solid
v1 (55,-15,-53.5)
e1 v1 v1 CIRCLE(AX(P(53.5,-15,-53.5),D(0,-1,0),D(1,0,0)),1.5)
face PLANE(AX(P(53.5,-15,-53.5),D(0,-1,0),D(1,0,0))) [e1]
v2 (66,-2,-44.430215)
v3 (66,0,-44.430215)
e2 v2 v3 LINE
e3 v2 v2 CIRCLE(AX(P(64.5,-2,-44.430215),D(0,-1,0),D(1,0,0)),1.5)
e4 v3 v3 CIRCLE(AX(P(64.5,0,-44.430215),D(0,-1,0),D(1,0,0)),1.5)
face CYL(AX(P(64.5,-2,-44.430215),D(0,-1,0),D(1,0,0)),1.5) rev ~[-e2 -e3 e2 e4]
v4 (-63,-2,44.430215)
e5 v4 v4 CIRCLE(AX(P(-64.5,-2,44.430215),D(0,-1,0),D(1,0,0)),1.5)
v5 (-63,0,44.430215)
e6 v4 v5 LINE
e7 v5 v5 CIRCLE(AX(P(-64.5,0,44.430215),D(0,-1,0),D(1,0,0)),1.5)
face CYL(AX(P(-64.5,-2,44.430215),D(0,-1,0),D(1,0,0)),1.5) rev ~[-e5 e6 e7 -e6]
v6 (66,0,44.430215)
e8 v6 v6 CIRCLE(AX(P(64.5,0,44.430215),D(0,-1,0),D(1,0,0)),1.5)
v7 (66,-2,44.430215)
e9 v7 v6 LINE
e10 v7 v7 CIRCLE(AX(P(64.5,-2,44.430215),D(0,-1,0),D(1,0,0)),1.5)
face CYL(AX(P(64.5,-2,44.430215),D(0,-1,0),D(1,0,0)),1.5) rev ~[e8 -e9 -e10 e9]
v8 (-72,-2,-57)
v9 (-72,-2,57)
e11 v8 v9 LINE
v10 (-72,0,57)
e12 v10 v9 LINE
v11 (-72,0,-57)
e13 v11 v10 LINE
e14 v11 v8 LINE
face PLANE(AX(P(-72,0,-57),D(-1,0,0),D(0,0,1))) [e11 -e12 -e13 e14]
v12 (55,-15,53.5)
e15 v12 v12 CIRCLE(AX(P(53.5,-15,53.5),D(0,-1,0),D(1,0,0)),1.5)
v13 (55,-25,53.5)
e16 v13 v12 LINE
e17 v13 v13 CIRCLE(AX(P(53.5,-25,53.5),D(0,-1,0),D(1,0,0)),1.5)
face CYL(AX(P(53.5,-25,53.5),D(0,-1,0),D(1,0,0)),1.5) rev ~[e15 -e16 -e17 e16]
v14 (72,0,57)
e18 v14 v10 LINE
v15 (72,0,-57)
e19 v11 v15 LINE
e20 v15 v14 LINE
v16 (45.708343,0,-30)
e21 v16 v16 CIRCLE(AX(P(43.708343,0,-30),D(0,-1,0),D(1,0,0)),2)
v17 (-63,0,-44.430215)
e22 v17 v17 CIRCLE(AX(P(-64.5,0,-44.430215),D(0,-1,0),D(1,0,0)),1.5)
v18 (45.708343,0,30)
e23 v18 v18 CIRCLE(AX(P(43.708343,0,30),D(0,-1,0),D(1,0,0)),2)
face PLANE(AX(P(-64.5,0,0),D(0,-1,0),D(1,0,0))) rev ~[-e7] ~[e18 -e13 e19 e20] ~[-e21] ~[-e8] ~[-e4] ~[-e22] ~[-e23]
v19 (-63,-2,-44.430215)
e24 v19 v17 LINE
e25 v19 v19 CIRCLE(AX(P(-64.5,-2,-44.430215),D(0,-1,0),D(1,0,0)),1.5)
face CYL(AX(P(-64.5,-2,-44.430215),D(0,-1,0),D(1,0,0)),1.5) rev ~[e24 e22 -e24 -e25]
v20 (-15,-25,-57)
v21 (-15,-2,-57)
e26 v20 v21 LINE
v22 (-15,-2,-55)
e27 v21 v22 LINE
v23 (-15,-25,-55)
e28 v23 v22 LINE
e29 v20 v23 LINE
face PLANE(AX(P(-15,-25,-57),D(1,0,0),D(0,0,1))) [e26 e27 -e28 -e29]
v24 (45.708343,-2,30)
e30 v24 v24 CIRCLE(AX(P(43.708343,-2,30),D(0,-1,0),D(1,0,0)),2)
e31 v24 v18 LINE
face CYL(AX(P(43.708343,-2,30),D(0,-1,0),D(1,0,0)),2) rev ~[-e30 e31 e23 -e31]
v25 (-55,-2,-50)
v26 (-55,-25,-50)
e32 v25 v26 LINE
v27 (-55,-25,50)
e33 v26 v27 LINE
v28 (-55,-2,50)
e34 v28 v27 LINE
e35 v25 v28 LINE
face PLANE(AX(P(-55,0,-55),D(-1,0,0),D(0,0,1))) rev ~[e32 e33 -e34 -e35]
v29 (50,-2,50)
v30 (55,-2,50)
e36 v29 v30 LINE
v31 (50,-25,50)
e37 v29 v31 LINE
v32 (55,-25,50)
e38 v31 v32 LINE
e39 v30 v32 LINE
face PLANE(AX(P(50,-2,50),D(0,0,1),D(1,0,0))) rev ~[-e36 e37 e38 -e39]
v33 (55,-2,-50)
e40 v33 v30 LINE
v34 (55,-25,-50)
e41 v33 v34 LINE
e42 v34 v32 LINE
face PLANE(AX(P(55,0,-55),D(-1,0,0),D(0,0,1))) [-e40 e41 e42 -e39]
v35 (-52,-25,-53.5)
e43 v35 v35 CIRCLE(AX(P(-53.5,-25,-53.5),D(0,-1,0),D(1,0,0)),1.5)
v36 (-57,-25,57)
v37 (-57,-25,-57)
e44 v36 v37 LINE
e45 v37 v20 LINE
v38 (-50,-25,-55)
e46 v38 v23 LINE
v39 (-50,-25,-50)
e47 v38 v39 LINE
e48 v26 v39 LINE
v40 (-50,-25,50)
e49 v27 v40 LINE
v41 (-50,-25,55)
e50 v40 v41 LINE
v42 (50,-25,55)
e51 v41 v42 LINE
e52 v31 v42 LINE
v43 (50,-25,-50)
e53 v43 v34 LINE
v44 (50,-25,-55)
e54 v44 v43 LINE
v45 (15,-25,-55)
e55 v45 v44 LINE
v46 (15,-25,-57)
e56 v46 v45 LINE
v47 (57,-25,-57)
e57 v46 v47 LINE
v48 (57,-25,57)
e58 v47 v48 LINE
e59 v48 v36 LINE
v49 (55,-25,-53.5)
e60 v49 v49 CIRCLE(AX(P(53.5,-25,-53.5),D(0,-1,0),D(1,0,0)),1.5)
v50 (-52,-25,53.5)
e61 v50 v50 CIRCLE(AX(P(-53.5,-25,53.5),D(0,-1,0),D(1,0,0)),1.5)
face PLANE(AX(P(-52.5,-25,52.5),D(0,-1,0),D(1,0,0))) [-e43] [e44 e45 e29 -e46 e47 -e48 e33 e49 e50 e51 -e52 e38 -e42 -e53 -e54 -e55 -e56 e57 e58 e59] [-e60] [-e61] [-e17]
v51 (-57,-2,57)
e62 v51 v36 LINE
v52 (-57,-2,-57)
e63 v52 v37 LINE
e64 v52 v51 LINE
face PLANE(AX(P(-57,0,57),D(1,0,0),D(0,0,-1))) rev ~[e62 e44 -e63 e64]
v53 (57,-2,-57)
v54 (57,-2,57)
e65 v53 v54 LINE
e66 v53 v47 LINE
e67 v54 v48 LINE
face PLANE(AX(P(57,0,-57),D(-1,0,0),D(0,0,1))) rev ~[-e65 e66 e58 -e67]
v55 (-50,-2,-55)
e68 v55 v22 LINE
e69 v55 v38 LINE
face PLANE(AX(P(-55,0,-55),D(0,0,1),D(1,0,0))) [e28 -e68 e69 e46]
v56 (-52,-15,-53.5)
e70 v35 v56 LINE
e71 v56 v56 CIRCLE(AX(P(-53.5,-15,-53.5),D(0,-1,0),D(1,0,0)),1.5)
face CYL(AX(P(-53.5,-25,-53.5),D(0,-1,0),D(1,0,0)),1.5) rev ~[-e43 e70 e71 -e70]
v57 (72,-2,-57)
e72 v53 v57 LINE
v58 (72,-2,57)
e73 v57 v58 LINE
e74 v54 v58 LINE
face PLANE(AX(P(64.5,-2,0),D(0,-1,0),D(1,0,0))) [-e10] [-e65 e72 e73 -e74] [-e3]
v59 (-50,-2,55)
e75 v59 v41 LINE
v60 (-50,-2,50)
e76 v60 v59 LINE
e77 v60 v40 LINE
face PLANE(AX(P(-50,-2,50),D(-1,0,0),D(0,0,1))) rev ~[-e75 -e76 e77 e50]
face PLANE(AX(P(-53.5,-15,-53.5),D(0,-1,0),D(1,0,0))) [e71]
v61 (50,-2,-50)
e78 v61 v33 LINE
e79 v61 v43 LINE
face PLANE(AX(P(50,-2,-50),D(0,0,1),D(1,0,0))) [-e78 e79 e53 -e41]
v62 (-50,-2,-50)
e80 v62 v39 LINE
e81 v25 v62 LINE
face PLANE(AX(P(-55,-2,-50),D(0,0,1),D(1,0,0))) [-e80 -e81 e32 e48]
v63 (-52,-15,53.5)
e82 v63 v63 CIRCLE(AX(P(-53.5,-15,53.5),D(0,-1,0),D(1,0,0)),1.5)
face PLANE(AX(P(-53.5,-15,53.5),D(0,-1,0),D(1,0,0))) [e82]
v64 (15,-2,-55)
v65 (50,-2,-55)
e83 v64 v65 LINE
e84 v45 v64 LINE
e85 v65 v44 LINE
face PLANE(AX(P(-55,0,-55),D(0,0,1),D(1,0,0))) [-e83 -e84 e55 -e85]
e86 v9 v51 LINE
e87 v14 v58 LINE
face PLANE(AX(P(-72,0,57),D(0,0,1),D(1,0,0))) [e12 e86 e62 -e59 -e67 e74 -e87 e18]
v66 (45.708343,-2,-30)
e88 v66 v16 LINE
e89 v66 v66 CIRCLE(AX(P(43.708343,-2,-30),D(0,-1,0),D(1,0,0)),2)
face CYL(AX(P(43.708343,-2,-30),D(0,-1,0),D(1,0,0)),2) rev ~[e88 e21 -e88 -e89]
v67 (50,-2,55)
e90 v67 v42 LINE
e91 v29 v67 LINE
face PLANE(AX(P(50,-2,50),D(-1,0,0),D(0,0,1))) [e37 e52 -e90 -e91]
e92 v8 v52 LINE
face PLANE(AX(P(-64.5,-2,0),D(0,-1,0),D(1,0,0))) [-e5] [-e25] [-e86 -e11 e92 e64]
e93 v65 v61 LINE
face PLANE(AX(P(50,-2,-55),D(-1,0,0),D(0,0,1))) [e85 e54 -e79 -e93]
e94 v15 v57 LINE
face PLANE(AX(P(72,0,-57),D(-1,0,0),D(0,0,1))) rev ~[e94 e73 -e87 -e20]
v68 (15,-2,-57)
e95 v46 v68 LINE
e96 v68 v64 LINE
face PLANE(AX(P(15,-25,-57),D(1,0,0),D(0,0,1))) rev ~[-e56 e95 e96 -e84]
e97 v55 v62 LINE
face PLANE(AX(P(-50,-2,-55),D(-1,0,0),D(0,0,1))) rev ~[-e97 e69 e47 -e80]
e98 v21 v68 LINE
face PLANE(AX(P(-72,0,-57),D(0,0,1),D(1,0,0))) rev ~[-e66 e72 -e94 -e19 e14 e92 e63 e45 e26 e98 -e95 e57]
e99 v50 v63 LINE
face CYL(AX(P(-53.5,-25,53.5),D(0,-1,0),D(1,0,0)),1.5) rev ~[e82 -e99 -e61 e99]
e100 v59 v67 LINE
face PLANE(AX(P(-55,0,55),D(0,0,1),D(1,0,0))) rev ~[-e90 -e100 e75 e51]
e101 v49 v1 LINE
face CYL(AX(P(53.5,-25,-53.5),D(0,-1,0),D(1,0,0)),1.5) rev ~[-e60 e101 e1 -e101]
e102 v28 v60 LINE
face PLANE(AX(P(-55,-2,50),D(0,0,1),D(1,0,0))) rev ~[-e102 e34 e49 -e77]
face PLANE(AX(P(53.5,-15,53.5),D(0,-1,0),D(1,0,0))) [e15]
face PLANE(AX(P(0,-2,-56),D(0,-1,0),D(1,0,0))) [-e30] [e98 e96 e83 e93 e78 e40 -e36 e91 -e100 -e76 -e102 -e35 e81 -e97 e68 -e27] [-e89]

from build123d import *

# Parameters (mm, degrees)
F0_W      = 110
F0_H      = 110
F1_DEPTH  = 2
F2_W      = 110
F2_H      = 110
F3_DEPTH  = 25
F4_W      = 5
F4_H      = 5
F5_DEPTH  = 23
F6_R      = 1.5
F7_DEPTH  = 10
F8_W      = 15
F8_H      = 114
F9_DEPTH  = 2
F10_R     = 1.5
F11_DEPTH = 2.001
F12_W     = 30
F12_H     = 2
F13_DEPTH = 23
F14_R     = 2
F15_DEPTH = 2.001


with BuildPart() as f1:
    # F0 (on Front) → F1 (new body)
    with BuildSketch(Plane.XZ):
        Rectangle(F0_W, F0_H)
    extrude(amount=F1_DEPTH)

    # F2 (on Front) → F3 (join)
    with BuildSketch(Plane.XZ):
        Polygon((57, 57), (55, 57), (-55, 57), (-57, 57), (-57, 55), (-57, -55), (-57, -57), (-55, -57), (55, -57), (57, -57), (57, -55), (57, 55), align=None)
        Rectangle(F2_W, F2_H, mode=Mode.SUBTRACT)
    extrude(amount=F3_DEPTH)

    # F4 (on face) → F5 (join)
    with BuildSketch(Plane.XZ.offset(2)):
        with Locations((-52.5, 52.5)):
            Rectangle(F4_W, F4_H)
        with Locations((52.5, 52.5)):
            Rectangle(F4_W, F4_H)
        with Locations((-52.5, -52.5)):
            Rectangle(F4_W, F4_H)
        with Locations((52.5, -52.5)):
            Rectangle(F4_W, F4_H)
    extrude(amount=F5_DEPTH)

    # F6 (on face) → F7 (cut)
    with BuildSketch(Plane.XZ.offset(25)):
        with Locations((-53.5, 53.5)):
            Circle(F6_R)
        with Locations((53.5, 53.5)):
            Circle(F6_R)
        with Locations((-53.5, -53.5)):
            Circle(F6_R)
        with Locations((53.5, -53.5)):
            Circle(F6_R)
    extrude(amount=-F7_DEPTH, mode=Mode.SUBTRACT)

    # F8 (on Front) → F9 (join)
    with BuildSketch(Plane.XZ):
        with Locations((-64.5, 0)):
            Rectangle(F8_W, F8_H)
        with Locations((64.5, 0)):
            Rectangle(F8_W, F8_H)
    extrude(amount=F9_DEPTH)

    # F10 (on face) → F11 (cut, through all)
    with BuildSketch(Plane.XZ.offset(2)):
        with Locations((-64.5, 44.430215)):
            Circle(F10_R)
        with Locations((64.5, 44.430215)):
            Circle(F10_R)
        with Locations((-64.5, -44.430215)):
            Circle(F10_R)
        with Locations((64.5, -44.430215)):
            Circle(F10_R)
    extrude(amount=-F11_DEPTH, mode=Mode.SUBTRACT)

    # F12 (on face) → F13 (cut)
    with BuildSketch(Plane.XZ.offset(25)):
        with Locations((0, -56)):
            Rectangle(F12_W, F12_H)
    extrude(amount=-F13_DEPTH, mode=Mode.SUBTRACT)

    # F14 (on face) → F15 (cut, through all)
    with BuildSketch(Plane.XZ.offset(2)):
        with Locations((43.708343, 30)):
            Circle(F14_R)
        with Locations((43.708343, -30)):
            Circle(F14_R)
    extrude(amount=-F15_DEPTH, mode=Mode.SUBTRACT)


solid = f1.part
